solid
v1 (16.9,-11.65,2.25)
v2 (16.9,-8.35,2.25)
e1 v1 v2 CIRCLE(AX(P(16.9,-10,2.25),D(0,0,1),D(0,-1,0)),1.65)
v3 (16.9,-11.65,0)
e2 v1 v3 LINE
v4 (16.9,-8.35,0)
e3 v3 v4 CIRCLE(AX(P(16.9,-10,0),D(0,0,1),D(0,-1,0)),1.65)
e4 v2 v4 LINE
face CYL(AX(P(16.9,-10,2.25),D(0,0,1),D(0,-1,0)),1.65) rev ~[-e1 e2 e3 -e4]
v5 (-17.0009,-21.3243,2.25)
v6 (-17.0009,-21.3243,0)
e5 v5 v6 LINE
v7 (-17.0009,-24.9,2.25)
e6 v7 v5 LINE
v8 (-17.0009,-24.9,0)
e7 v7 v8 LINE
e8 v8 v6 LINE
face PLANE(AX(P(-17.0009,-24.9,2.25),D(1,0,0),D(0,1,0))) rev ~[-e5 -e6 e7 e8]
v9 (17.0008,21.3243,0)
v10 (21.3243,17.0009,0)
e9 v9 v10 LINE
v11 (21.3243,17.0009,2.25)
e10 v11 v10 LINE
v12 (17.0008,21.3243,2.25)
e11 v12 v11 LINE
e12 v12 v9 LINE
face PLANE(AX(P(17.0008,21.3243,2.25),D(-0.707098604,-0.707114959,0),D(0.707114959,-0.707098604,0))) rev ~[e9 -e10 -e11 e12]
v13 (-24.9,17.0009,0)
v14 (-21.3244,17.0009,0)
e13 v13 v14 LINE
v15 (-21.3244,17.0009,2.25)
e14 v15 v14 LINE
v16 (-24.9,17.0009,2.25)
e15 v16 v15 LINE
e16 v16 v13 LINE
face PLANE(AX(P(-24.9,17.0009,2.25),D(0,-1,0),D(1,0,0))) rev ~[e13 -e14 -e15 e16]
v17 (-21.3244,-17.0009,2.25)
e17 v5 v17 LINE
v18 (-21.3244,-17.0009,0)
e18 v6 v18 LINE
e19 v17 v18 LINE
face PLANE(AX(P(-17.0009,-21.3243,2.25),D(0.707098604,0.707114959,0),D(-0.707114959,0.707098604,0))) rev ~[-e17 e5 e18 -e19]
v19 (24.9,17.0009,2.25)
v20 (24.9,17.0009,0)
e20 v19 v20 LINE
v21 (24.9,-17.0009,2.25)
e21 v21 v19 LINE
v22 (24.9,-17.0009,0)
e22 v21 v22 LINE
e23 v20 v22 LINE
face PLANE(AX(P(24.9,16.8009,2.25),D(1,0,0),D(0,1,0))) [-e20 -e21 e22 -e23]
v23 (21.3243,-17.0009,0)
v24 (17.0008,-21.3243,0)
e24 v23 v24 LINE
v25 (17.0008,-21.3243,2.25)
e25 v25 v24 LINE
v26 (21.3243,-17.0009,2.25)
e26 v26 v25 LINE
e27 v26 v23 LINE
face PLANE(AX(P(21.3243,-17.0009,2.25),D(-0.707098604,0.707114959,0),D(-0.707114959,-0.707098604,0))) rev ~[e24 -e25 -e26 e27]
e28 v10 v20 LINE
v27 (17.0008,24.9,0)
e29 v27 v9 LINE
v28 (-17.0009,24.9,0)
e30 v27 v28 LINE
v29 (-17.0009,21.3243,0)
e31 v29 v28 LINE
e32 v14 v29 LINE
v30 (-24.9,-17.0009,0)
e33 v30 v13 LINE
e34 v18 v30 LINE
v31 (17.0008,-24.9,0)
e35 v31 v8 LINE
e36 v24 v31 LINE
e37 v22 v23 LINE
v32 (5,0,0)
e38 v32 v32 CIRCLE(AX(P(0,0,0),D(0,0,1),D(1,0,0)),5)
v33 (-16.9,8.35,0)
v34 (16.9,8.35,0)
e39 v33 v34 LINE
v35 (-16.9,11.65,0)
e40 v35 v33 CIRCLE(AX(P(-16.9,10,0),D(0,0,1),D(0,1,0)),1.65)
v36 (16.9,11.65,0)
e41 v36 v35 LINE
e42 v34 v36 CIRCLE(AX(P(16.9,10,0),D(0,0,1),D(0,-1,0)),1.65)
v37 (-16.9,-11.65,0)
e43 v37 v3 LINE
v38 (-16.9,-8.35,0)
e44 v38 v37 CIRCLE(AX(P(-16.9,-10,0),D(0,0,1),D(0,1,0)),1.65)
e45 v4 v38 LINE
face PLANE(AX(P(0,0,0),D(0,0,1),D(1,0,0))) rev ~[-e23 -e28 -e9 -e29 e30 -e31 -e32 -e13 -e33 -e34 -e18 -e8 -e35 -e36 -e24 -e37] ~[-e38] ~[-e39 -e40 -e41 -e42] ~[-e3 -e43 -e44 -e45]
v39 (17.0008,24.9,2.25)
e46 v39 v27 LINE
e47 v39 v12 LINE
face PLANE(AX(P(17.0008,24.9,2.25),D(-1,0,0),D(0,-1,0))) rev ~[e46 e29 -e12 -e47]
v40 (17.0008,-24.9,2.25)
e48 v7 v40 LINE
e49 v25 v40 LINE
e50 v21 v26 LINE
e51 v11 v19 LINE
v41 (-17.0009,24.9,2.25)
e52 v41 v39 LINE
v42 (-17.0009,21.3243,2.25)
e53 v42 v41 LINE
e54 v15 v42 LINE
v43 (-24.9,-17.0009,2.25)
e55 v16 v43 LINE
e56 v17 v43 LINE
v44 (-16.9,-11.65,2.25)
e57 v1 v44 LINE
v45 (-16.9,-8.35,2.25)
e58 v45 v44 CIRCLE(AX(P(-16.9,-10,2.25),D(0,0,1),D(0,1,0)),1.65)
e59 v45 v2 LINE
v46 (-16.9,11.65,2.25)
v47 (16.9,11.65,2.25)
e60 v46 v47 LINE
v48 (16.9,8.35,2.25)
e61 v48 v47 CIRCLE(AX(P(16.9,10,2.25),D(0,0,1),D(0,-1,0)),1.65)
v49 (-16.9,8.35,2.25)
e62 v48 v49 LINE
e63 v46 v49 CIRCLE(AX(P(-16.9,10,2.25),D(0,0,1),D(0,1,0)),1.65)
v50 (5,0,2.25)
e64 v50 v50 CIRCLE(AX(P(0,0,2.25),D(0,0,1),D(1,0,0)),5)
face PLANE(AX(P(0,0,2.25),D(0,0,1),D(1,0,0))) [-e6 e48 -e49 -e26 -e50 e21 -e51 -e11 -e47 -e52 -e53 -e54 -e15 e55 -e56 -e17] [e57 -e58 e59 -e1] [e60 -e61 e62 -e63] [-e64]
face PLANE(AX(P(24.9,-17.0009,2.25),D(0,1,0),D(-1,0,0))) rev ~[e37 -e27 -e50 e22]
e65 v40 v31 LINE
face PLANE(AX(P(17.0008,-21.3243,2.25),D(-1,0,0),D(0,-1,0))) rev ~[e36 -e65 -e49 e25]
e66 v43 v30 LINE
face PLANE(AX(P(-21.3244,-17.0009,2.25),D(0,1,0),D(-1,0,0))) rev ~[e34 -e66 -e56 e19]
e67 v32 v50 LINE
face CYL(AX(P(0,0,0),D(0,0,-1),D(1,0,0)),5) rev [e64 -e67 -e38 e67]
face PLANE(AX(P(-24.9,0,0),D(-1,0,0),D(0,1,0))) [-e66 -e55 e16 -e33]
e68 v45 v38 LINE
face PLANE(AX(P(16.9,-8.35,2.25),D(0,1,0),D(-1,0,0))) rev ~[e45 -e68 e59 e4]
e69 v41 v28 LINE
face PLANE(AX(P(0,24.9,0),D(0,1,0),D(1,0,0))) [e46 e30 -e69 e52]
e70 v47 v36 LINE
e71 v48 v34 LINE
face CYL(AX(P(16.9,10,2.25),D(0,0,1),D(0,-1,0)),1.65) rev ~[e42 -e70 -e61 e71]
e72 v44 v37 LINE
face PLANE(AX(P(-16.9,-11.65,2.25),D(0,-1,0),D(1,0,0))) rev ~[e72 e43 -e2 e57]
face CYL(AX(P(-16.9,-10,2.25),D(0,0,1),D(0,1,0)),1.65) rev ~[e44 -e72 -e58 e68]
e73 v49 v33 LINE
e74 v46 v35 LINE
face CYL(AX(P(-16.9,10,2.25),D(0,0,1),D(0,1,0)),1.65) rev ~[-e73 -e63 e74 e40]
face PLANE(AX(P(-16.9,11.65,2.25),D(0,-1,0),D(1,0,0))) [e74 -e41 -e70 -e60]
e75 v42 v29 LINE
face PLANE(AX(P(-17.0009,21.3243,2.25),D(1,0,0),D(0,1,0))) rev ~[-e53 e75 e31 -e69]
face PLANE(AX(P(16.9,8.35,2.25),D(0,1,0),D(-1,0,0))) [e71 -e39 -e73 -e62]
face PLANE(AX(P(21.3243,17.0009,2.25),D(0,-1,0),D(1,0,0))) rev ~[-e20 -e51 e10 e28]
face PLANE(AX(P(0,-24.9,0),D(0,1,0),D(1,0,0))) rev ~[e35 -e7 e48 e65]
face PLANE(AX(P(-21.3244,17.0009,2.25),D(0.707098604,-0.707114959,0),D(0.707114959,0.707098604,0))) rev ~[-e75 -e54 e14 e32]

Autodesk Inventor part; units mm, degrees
ref_plane "YZ Plane" through (0, 0, 0) normal (1, 0, 0) x (0, 1, 0)
ref_plane "Work Plane1" through (-29.1, -14.5, 2.4) normal (0, 0, -1) x (0, 1, 0)
ref_plane "Work Plane2" through (-13.8999, -10.5497, 2.25) normal (0, 0, -1) x (0, 1, 0)
sketch "Sketch1" plane through (0, 0, 0) normal (0, 0, 1) x (1, 0, 0)
  line L0 (-34.86, 0) -> (34.86, 0) construction
  line L1 (0, -34.86) -> (0, 34.86) construction
  line L2 (0, 0) -> (11.1575, 11.1575) construction
  line L3 (0, 0) -> (15.7791, 0) construction
  line L4 (0, 24.9) -> (16.8009, 24.9)
  line L5 (16.8009, 24.9) -> (16.8009, 21.2415)
  line L6 (16.8009, 21.2415) -> (19.0212, 19.0212)
  line L7 (24.9, 0) -> (24.9, 16.8009)
  line L8 (24.9, 16.8009) -> (21.2415, 16.8009)
  line L9 (21.2415, 16.8009) -> (19.0212, 19.0212)
  line L10 (0, -24.9) -> (16.8009, -24.9)
  line L11 (16.8009, -24.9) -> (16.8009, -21.2415)
  line L12 (16.8009, -21.2415) -> (19.0212, -19.0212)
  line L13 (24.9, 0) -> (24.9, -16.8009)
  line L14 (24.9, -16.8009) -> (21.2415, -16.8009)
  line L15 (21.2415, -16.8009) -> (19.0212, -19.0212)
  line L16 (0, 24.9) -> (-16.8009, 24.9)
  line L17 (-16.8009, 24.9) -> (-16.8009, 21.2415)
  line L18 (-16.8009, 21.2415) -> (-19.0212, 19.0212)
  line L19 (-24.9, 16.8009) -> (-21.2415, 16.8009)
  line L20 (-21.2415, 16.8009) -> (-19.0212, 19.0212)
  line L21 (0, -24.9) -> (-16.8009, -24.9)
  line L22 (-16.8009, -24.9) -> (-16.8009, -21.2415)
  line L23 (-16.8009, -21.2415) -> (-19.0212, -19.0212)
  line L24 (-21.2415, -16.8009) -> (-19.0212, -19.0212)
  line L25 (-24.9, -16.8009) -> (-21.2415, -16.8009)
  line L26 (-24.9, 0) -> (-24.9, -16.8009)
  line L27 (-24.9, 0) -> (-24.9, 16.8009)
  circle A0 centre (0, 0) radius 5
  dimension "d0" = 45
  dimension "d2" = 24.9
  dimension "d3" = 3.14
  dimension "d4" = 26.9
  dimension "d5" = 10
extrude "Extrusion1" add sketch "Sketch1" along normal up to surface (2.25 mm away)
sketch "Sketch5" plane through (0, 0, 0) normal (0, 0, -1) x (-1, 0, 0)
  circle A0 centre (-9.7, 10) radius 1.4
  circle A1 centre (-9.7, -10) radius 1.4
  circle A2 centre (13.8, 0) radius 1.4
  circle A3 centre (-10, 6.9) radius 0.75
  circle A4 centre (10, 6.9) radius 1.25
  point P0 (0, 0)
hole "Hole1" at (9.7, -10, 0) at (9.7, 10, 0) direction (0, 0, 1) diameter 3.3 depth 12 tip angle 118
sketch "Sketch6" plane through (-16.8009, 24.9, 2.25) normal (0, 0, 1) x (1, 0, 0)
  circle A0 centre (26.5009, -34.9) radius 1.65 construction
  circle A1 centre (26.5009, -14.9) radius 1.65 construction
  circle A2 centre (16.8009, -24.9) radius 5 construction
  line L0 (33.6017, -3.6585) -> (33.6017, 0) construction
  line L1 (33.6017, 0) -> (0, 0) construction
  line L2 (0, 0) -> (0, -3.6585) construction
  line L3 (0, -3.6585) -> (-4.4406, -8.0991) construction
  line L4 (-4.4406, -8.0991) -> (-8.0991, -8.0991) construction
  line L5 (-8.0991, -8.0991) -> (-8.0991, -41.7009) construction
  line L6 (-8.0991, -41.7009) -> (-4.4406, -41.7009) construction
  line L7 (-4.4406, -41.7009) -> (0, -46.1415) construction
  line L8 (0, -46.1415) -> (0, -49.8) construction
  line L9 (0, -49.8) -> (33.6017, -49.8) construction
  line L10 (33.6017, -49.8) -> (33.6017, -46.1415) construction
  line L11 (33.6017, -46.1415) -> (38.0423, -41.7009) construction
  line L12 (38.0423, -41.7009) -> (41.7009, -41.7009) construction
  line L13 (41.7009, -41.7009) -> (41.7009, -8.0991) construction
  line L14 (41.7009, -8.0991) -> (38.0423, -8.0991) construction
  line L15 (38.0423, -8.0991) -> (33.6017, -3.6585) construction
  line L16 (33.7009, -14.9) -> (-0.0991, -14.9)
  line L17 (33.7009, -16.55) -> (-0.0991, -16.55)
  line L18 (-0.0991, -13.25) -> (33.7009, -13.25)
  arc A3 (33.7009, -16.55) -> (33.7009, -13.25) centre (33.7009, -14.9) ccw
  arc A4 (-0.0991, -13.25) -> (-0.0991, -16.55) centre (-0.0991, -14.9) ccw
  line L19 (-8.0991, -41.7009) -> (-8.0991, -8.0991) construction
  line L20 (-8.0991, -24.9) -> (41.7009, -24.9) construction
  line L21 (41.7009, -8.0991) -> (41.7009, -41.7009) construction
  circle A5 centre (26.5009, -34.9) radius 1.65 construction
  line L22 (33.7009, -34.9) -> (-0.0991, -34.9)
  line L23 (33.7009, -33.25) -> (-0.0991, -33.25)
  line L24 (-0.0991, -36.55) -> (33.7009, -36.55)
  arc A6 (33.7009, -36.55) -> (33.7009, -33.25) centre (33.7009, -34.9) ccw
  arc A7 (-0.0991, -33.25) -> (-0.0991, -36.55) centre (-0.0991, -34.9) ccw
  point P0 (16.8009, -24.9)
  point P1 (16.8009, -14.9)
  point P2 (16.8009, -34.9)
  dimension "d25" = 8
  dimension "d26" = 8
extrude "Extrusion5" cut sketch "Sketch6" against normal through all
sketch "Skizze7" plane through (-16.8009, 24.9, 2.25) normal (0, 0, 1) x (1, 0, 0)
  line L0 (33.7009, -16.55) -> (-0.0991, -16.55) construction
  arc A0 (-0.0991, -13.25) -> (-0.0991, -16.55) centre (-0.0991, -14.9) ccw construction
  line L1 (-0.0991, -13.25) -> (33.7009, -13.25) construction
  arc A1 (33.7009, -16.55) -> (33.7009, -13.25) centre (33.7009, -14.9) ccw construction
  line L2 (-0.0991, -33.25) -> (33.7009, -33.25) construction
  arc A2 (33.7009, -36.55) -> (33.7009, -33.25) centre (33.7009, -34.9) ccw construction
  line L3 (33.7009, -36.55) -> (-0.0991, -36.55) construction
  arc A3 (-0.0991, -33.25) -> (-0.0991, -36.55) centre (-0.0991, -34.9) ccw construction
  circle A4 centre (16.8009, -24.9) radius 5 construction
  line L4 (33.6017, -3.6585) -> (33.6017, 0) projected
  line L5 (33.6017, 0) -> (0, 0) construction
  line L6 (0, 0) -> (0, -3.6585) projected
  line L7 (0, -3.6585) -> (-4.4406, -8.0991) projected
  line L8 (-4.4406, -8.0991) -> (-8.0991, -8.0991) projected
  line L9 (-8.0991, -8.0991) -> (-8.0991, -41.7009) construction
  line L10 (-8.0991, -41.7009) -> (-4.4406, -41.7009) projected
  line L11 (-4.4406, -41.7009) -> (0, -46.1415) projected
  line L12 (0, -46.1415) -> (0, -49.8) projected
  line L13 (0, -49.8) -> (33.6017, -49.8) construction
  line L14 (33.6017, -49.8) -> (33.6017, -46.1415) projected
  line L15 (33.6017, -46.1415) -> (38.0423, -41.7009) projected
  line L16 (38.0423, -41.7009) -> (41.7009, -41.7009) projected
  line L17 (41.7009, -41.7009) -> (41.7009, -8.0991) construction
  line L18 (41.7009, -8.0991) -> (38.0423, -8.0991) projected
  line L19 (38.0423, -8.0991) -> (33.6017, -3.6585) projected
  line L20 (-0.2, 0.2) -> (33.8017, 0.2) construction
  line L21 (33.8017, 0.2) -> (33.8017, -3.5757)
  line L22 (33.8017, -3.5757) -> (38.1252, -7.8991)
  line L23 (38.1252, -7.8991) -> (41.9009, -7.8991)
  line L24 (41.9009, -7.8991) -> (41.9009, -41.9009) construction
  line L25 (41.9009, -41.9009) -> (38.1252, -41.9009)
  line L26 (38.1252, -41.9009) -> (33.8017, -46.2243)
  line L27 (33.8017, -46.2243) -> (33.8017, -50)
  line L28 (33.8017, -50) -> (-0.2, -50) construction
  line L29 (-0.2, -50) -> (-0.2, -46.2243)
  line L30 (-0.2, -46.2243) -> (-4.5235, -41.9009)
  line L31 (-4.5235, -41.9009) -> (-8.2991, -41.9009)
  line L32 (-8.2991, -41.9009) -> (-8.2991, -7.8991) construction
  line L33 (-8.2991, -7.8991) -> (-4.5235, -7.8991)
  line L34 (-4.5235, -7.8991) -> (-0.2, -3.5757)
  line L35 (-0.2, -3.5757) -> (-0.2, 0.2)
  line L36 (33.6017, 0) -> (0, 0) projected
  line L37 (0, 0) -> (-0.2, 0)
  line L38 (-8.0991, -41.7009) -> (-8.0991, -8.0991) projected
  line L39 (-8.0991, -8.0991) -> (-8.0991, -7.8991)
  line L40 (33.6017, 0) -> (33.6017, -3.6585) projected
  line L41 (33.6017, 0) -> (33.8017, 0)
  line L42 (41.7009, -8.0991) -> (41.7009, -7.8991)
  line L43 (41.7009, -41.7009) -> (38.0423, -41.7009) projected
  line L44 (41.7009, -41.7009) -> (41.7009, -41.9009)
  line L45 (33.6017, -49.8) -> (33.8017, -49.8)
  line L46 (0, -49.8) -> (0, -46.1415) projected
  line L47 (0, -49.8) -> (-0.2, -49.8)
  line L48 (-8.0991, -41.7009) -> (-8.0991, -41.9009)
  point P0 (16.8009, -24.9)
  dimension "d29" = 0.2
extrude "IM_offset" add sketch "Skizze7" against normal up to surface (2.25 mm away)
properties part number "20_Cube_insert_Sample_holder"
